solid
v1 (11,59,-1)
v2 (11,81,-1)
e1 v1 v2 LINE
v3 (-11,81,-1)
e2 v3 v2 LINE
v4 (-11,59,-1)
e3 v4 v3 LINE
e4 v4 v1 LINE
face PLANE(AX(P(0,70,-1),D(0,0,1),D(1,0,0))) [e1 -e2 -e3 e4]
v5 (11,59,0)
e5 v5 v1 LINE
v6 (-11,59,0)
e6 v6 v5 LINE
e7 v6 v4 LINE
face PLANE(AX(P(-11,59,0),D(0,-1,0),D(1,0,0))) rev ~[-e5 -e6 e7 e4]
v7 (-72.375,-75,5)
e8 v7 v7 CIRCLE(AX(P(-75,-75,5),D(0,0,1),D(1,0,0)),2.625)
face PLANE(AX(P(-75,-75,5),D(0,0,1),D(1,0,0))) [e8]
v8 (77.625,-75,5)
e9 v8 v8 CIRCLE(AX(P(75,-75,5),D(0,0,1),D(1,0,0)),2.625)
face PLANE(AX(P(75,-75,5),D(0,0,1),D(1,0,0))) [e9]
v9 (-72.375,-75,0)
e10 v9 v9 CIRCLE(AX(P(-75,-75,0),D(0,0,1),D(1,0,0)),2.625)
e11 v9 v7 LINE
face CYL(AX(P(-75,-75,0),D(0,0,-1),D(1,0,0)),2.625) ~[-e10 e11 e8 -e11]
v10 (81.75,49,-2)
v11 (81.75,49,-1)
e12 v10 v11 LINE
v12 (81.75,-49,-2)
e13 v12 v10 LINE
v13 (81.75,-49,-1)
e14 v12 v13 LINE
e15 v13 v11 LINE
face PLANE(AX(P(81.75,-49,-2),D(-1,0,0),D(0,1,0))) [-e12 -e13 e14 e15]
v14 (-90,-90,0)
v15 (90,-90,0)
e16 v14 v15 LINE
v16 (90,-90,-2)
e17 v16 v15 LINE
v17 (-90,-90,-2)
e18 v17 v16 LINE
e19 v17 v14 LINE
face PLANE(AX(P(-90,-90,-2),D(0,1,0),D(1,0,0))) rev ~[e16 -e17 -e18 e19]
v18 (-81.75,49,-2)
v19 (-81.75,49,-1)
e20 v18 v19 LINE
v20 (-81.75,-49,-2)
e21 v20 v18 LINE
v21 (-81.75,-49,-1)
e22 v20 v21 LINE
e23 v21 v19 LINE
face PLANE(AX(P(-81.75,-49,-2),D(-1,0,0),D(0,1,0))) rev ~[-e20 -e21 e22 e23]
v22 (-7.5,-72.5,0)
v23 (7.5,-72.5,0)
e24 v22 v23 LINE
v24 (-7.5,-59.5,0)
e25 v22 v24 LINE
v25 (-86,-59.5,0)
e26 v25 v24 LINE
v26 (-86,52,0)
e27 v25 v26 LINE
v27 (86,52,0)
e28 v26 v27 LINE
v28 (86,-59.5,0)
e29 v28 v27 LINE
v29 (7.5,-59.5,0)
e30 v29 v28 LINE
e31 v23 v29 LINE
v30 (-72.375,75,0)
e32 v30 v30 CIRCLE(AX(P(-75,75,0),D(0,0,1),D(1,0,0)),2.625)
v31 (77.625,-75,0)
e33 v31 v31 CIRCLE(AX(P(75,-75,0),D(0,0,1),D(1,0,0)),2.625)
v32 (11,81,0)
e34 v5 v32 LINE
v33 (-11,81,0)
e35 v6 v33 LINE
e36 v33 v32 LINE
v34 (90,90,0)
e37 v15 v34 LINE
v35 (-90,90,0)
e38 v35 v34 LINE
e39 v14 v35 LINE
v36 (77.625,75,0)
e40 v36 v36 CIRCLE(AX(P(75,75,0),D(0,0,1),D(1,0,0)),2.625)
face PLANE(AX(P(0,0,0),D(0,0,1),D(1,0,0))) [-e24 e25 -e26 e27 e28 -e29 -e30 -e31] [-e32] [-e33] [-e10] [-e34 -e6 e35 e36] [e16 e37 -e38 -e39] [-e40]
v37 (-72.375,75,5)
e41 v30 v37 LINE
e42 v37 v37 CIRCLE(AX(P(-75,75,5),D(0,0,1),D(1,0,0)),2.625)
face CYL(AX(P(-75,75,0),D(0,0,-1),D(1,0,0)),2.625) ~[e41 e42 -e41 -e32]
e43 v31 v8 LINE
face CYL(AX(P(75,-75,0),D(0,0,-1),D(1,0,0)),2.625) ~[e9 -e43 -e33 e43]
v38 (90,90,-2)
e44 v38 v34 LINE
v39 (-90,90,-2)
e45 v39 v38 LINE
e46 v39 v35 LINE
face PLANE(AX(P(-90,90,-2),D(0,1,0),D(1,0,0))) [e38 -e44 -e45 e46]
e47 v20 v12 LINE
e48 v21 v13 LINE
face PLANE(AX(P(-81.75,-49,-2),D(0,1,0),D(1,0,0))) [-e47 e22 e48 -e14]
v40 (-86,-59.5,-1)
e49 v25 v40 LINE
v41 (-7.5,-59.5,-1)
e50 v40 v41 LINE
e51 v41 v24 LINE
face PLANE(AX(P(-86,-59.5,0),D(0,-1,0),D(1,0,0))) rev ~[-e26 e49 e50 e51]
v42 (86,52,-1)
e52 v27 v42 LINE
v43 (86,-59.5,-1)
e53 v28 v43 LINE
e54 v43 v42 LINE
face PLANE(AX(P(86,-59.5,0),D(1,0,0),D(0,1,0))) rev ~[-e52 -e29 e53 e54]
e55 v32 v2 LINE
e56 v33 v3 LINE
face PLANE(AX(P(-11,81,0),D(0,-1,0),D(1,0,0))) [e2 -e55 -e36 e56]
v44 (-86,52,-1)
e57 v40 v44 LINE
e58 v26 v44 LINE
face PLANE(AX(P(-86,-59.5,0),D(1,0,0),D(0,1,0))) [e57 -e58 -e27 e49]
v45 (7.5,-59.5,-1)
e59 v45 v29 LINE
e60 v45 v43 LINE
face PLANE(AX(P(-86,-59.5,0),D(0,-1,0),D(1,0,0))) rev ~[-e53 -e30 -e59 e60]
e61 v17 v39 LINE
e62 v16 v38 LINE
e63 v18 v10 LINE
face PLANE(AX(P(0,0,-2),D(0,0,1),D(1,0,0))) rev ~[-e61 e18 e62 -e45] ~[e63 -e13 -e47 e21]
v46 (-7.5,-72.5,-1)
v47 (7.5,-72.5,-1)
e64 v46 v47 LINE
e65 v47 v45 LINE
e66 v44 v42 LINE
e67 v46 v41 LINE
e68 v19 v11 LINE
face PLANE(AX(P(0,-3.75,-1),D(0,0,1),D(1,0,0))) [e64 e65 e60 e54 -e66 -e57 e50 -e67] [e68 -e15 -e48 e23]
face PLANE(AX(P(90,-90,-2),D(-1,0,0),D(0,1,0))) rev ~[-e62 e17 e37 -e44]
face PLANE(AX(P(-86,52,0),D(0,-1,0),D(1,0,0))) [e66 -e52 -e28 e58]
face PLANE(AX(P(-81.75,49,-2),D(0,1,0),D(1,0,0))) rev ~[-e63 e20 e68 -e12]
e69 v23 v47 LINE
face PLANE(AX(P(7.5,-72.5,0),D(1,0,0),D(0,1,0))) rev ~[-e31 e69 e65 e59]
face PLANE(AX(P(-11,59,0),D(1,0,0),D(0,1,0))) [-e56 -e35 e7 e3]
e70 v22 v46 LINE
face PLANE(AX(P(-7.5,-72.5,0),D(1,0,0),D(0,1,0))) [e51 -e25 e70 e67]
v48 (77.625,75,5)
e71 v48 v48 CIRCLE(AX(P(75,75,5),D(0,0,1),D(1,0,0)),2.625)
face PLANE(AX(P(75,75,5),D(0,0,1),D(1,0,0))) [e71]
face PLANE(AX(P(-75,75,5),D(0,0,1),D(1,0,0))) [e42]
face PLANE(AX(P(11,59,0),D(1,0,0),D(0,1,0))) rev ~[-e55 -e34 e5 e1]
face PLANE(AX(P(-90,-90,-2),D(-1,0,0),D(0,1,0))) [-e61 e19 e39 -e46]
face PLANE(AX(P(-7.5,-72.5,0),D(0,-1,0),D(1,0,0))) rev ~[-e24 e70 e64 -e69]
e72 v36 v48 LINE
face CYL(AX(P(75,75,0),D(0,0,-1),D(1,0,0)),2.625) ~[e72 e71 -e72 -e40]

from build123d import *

# Parameters (mm, degrees)
SKETCH_W        = 180
SKETCH_H        = 180
SKETCH_W_2      = 163.5
SKETCH_H_2      = 98
PAD_DEPTH       = 2
SKETCH003_W     = 172
SKETCH003_H     = 111.5
POCKET001_DEPTH = 1
SKETCH002_W     = 22
SKETCH002_H     = 22
SKETCH002_W_2   = 15
SKETCH002_H_2   = 15
POCKET_DEPTH    = 1
SKETCH001_R     = 2.625
PAD001_DEPTH    = 5


with BuildPart() as part:
    # Sketch (on DatumPlane) → Pad (new body)
    with BuildSketch(Plane.XY.offset(-2)):
        Rectangle(SKETCH_W, SKETCH_H)
        Rectangle(SKETCH_W_2, SKETCH_H_2, mode=Mode.SUBTRACT)
    extrude(amount=PAD_DEPTH)

    # Sketch003 (on DatumPlane) → Pocket001 (cut)
    with BuildSketch(Plane.XY):
        with Locations((0, -3.75)):
            Rectangle(SKETCH003_W, SKETCH003_H)
    extrude(amount=-POCKET001_DEPTH, mode=Mode.SUBTRACT)

    # Sketch002 (on DatumPlane) → Pocket (cut)
    with BuildSketch(Plane.XY):
        with Locations((0, 70)):
            Rectangle(SKETCH002_W, SKETCH002_H)
        with Locations((0, -65)):
            Rectangle(SKETCH002_W_2, SKETCH002_H_2)
    extrude(amount=-POCKET_DEPTH, mode=Mode.SUBTRACT)

    # Sketch001 (on DatumPlane) → Pad001 (join)
    with BuildSketch(Plane.XY):
        with Locations((75, 75)):
            Circle(SKETCH001_R)
        with Locations((-75, 75)):
            Circle(SKETCH001_R)
        with Locations((-75, -75)):
            Circle(SKETCH001_R)
        with Locations((75, -75)):
            Circle(SKETCH001_R)
    extrude(amount=PAD001_DEPTH)


solid = part.part
